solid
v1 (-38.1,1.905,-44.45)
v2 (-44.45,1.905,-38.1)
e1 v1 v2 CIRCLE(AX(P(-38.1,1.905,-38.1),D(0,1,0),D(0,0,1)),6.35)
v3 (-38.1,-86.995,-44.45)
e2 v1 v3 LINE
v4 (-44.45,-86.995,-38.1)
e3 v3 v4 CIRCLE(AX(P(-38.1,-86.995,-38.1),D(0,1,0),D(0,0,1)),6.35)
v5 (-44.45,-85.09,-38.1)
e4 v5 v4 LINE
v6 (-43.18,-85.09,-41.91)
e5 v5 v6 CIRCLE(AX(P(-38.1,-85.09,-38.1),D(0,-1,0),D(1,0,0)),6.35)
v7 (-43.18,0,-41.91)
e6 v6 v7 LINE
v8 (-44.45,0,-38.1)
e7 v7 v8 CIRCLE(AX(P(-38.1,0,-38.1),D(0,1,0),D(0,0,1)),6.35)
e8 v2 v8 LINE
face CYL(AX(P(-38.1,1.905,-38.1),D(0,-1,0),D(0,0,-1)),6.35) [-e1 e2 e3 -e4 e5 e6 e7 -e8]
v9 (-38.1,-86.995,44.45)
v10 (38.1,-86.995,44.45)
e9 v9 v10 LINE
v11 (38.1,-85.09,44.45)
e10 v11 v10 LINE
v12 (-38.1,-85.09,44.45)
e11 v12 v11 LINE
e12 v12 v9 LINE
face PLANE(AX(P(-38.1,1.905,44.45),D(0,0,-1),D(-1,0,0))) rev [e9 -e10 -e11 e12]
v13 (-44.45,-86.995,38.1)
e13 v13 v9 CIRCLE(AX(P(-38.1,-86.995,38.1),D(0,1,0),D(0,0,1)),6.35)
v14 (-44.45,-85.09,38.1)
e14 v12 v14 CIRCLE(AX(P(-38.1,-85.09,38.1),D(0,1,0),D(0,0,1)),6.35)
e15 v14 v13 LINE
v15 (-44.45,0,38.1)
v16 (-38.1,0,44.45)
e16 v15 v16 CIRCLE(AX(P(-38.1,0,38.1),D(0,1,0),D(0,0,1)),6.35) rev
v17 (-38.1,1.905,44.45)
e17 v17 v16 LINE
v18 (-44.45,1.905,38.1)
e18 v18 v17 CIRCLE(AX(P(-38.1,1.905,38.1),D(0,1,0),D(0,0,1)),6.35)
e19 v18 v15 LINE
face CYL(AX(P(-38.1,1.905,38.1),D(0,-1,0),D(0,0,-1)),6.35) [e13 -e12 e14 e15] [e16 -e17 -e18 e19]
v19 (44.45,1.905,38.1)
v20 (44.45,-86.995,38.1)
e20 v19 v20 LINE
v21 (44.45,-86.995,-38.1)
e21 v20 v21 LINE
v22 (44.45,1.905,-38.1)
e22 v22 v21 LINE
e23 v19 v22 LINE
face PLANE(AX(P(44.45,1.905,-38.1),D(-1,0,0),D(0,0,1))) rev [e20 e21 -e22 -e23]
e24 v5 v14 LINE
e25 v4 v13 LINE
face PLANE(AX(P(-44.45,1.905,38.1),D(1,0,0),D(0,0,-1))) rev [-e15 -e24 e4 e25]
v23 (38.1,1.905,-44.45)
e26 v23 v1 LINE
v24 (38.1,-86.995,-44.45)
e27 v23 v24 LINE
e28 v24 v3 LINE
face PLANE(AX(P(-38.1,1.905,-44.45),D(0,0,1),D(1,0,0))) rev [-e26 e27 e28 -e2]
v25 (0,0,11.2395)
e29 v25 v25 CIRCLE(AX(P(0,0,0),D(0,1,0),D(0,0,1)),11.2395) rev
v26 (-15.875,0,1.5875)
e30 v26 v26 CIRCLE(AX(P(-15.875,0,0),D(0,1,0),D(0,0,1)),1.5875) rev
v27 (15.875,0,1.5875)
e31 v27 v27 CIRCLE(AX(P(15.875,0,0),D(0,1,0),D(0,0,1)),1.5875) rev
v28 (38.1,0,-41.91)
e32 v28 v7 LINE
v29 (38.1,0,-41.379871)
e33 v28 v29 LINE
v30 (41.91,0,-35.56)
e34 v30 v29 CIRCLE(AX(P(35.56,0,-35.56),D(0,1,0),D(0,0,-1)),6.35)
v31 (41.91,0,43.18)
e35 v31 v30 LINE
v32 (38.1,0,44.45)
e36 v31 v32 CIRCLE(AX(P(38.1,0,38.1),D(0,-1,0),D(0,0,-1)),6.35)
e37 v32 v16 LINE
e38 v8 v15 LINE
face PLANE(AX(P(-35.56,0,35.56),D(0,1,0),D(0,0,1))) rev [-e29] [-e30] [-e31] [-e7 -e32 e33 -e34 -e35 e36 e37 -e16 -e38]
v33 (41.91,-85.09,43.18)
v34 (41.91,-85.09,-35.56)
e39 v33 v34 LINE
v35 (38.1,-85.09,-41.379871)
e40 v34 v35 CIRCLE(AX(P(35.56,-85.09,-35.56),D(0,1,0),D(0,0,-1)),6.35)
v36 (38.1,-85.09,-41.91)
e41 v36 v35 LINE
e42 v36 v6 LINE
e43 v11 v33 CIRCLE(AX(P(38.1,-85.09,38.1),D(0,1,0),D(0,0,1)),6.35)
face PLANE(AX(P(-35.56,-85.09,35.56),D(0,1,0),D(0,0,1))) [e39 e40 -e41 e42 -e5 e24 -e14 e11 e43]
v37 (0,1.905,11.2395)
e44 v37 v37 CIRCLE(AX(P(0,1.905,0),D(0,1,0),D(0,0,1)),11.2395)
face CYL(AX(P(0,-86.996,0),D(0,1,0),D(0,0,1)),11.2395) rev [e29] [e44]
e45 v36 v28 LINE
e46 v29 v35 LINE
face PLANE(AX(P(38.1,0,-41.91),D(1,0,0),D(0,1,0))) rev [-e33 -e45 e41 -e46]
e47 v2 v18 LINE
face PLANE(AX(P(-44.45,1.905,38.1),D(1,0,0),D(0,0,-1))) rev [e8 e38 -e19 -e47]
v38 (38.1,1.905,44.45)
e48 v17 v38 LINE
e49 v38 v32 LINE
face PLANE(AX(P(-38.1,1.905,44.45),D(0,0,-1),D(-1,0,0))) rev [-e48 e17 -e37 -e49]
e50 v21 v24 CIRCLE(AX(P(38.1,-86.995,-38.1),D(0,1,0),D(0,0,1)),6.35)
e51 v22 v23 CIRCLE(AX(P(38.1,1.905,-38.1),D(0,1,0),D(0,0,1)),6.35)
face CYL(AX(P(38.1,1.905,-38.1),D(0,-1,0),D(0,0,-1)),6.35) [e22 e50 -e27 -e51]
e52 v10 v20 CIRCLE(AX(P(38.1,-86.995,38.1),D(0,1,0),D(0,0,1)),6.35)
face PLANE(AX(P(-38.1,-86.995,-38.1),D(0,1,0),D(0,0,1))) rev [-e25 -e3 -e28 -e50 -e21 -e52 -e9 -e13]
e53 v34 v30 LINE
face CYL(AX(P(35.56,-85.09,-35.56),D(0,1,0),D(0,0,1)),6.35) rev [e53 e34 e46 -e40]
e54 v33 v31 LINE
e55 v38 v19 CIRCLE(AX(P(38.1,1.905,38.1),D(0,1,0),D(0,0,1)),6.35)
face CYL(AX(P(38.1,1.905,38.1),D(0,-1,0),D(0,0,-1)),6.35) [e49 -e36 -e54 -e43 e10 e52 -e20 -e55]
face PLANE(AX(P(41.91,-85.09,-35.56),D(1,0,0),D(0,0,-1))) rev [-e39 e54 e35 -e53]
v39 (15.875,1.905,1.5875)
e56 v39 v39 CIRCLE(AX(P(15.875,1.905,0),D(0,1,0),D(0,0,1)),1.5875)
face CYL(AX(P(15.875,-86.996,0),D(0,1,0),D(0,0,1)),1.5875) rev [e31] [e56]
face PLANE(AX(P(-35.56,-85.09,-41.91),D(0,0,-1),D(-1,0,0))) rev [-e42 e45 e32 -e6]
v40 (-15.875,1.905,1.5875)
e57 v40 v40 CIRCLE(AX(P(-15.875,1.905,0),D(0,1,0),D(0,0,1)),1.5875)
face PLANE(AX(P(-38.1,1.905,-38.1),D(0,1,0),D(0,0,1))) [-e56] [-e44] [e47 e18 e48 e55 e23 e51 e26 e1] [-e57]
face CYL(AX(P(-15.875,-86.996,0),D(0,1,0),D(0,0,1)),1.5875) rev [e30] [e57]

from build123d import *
from build123d.topology import SkipClean

# Parameters (mm, degrees)
BOSS_EXTRUDE3_DEPTH = 1.905
BOSS_EXTRUDE4_START = -86.995
BOSS_EXTRUDE4_DEPTH = 86.995
CUT_EXTRUDE2_DEPTH  = 85.09
SKETCH16_W          = 82.55
SKETCH16_H          = 85.09
CUT_EXTRUDE3_DEPTH  = 86.36
SKETCH18_W          = 80.01
SKETCH18_H          = 85.09
CUT_EXTRUDE4_DEPTH  = 86.36
SKETCH19_R          = 6.35
BOSS_EXTRUDE5_DEPTH = 86.36
CUT_EXTRUDE5_REACH  = 110.88
SKETCH20_R          = 11.2395
SKETCH20_R_2        = 1.5875


with BuildPart() as part:
    # Sketch7 → Boss-Extrude3 (new body)
    with BuildSketch(Plane(origin=(0, 0, 0), x_dir=(1, 0, 0), z_dir=(0, 1, 0))):
        with BuildLine():
            Line((-38.1, 44.45), (38.1, 44.45))
            ThreePointArc((38.1, 44.45), (42.590128061, 42.590128061), (44.45, 38.1))
            Line((44.45, 38.1), (44.45, -38.1))
            ThreePointArc((44.45, -38.1), (42.590128061, -42.590128061), (38.1, -44.45))
            Line((38.1, -44.45), (-38.1, -44.45))
            ThreePointArc((-38.1, -44.45), (-42.590128061, -42.590128061), (-44.45, -38.1))
            Line((-44.45, -38.1), (-44.45, 38.1))
            ThreePointArc((-44.45, 38.1), (-42.590128061, 42.590128061), (-38.1, 44.45))
        make_face()
    extrude(amount=BOSS_EXTRUDE3_DEPTH)

    # Sketch7<2> → Boss-Extrude4 (add)
    with BuildSketch(Plane(origin=(0, 0, 0), x_dir=(1, 0, 0), z_dir=(0, 1, 0)).offset(BOSS_EXTRUDE4_START)):
        with BuildLine():
            Line((-38.1, 44.45), (38.1, 44.45))
            ThreePointArc((38.1, 44.45), (42.590128061, 42.590128061), (44.45, 38.1))
            Line((44.45, 38.1), (44.45, -38.1))
            ThreePointArc((44.45, -38.1), (42.590128061, -42.590128061), (38.1, -44.45))
            Line((38.1, -44.45), (-38.1, -44.45))
            ThreePointArc((-38.1, -44.45), (-42.590128061, -42.590128061), (-44.45, -38.1))
            Line((-44.45, -38.1), (-44.45, 38.1))
            ThreePointArc((-44.45, 38.1), (-42.590128061, 42.590128061), (-38.1, 44.45))
        make_face()
    extrude(amount=BOSS_EXTRUDE4_DEPTH)

    # Sketch15 → Cut-Extrude2 (cut)
    with BuildSketch(Plane(origin=(0, 0, 0), x_dir=(1, 0, 0), z_dir=(0, 1, 0))):
        with BuildLine():
            Line((-35.56, 41.91), (35.56, 41.91))
            ThreePointArc((35.56, 41.91), (40.050128061, 40.050128061), (41.91, 35.56))
            Line((41.91, 35.56), (41.91, -35.56))
            ThreePointArc((41.91, -35.56), (40.050128061, -40.050128061), (35.56, -41.91))
            Line((35.56, -41.91), (-35.56, -41.91))
            ThreePointArc((-35.56, -41.91), (-40.050128061, -40.050128061), (-41.91, -35.56))
            Line((-41.91, -35.56), (-41.91, 35.56))
            ThreePointArc((-41.91, 35.56), (-40.050128061, 40.050128061), (-35.56, 41.91))
        make_face()
    extrude(amount=-CUT_EXTRUDE2_DEPTH, mode=Mode.SUBTRACT)

    # Sketch16 → Cut-Extrude3 (cut)
    with BuildSketch(Plane.XY.offset(44.45)):
        with Locations((-3.175, -42.545)):
            Rectangle(SKETCH16_W, SKETCH16_H)
    extrude(amount=-CUT_EXTRUDE3_DEPTH, mode=Mode.SUBTRACT)

    # Sketch18 → Cut-Extrude4 (cut)
    with BuildSketch(Plane.ZY.offset(-41.91)):
        with Locations((4.445, -42.545)):
            Rectangle(SKETCH18_W, SKETCH18_H)
    extrude(amount=CUT_EXTRUDE4_DEPTH, mode=Mode.SUBTRACT)

    # Sketch19 → Boss-Extrude5 (add)
    with SkipClean():  # the faces are left unmerged after this step: merging them gives an invalid solid
        with BuildSketch(Plane(origin=(0, -85.09, 0), x_dir=(1, 0, 0), z_dir=(0, 1, 0))):
            with Locations((-38.1, -38.1)):
                Circle(SKETCH19_R)
        extrude(amount=BOSS_EXTRUDE5_DEPTH)

    # Sketch20 → Cut-Extrude5 (cut, up to next)
    with BuildSketch(Plane(origin=(0, 1.905, 0), x_dir=(1, 0, 0), z_dir=(0, 1, 0)), mode=Mode.PRIVATE) as cut_extrude5_sk1:
        Circle(SKETCH20_R)
    cut_extrude5_tool1 = extrude(cut_extrude5_sk1.sketch, amount=-CUT_EXTRUDE5_REACH, mode=Mode.PRIVATE) & part.part
    # Sketch20 → Cut-Extrude5 (cut, up to next)
    with BuildSketch(Plane(origin=(0, 1.905, 0), x_dir=(1, 0, 0), z_dir=(0, 1, 0)), mode=Mode.PRIVATE) as cut_extrude5_sk2:
        with Locations((-15.875, 0)):
            Circle(SKETCH20_R_2)
    cut_extrude5_tool2 = extrude(cut_extrude5_sk2.sketch, amount=-CUT_EXTRUDE5_REACH, mode=Mode.PRIVATE) & part.part
    # Sketch20 → Cut-Extrude5 (cut, up to next)
    with BuildSketch(Plane(origin=(0, 1.905, 0), x_dir=(1, 0, 0), z_dir=(0, 1, 0)), mode=Mode.PRIVATE) as cut_extrude5_sk3:
        with Locations((15.875, 0)):
            Circle(SKETCH20_R_2)
    cut_extrude5_tool3 = extrude(cut_extrude5_sk3.sketch, amount=-CUT_EXTRUDE5_REACH, mode=Mode.PRIVATE) & part.part
    add(cut_extrude5_tool1.solids().sort_by_distance((0, 1.905, 0))[0], mode=Mode.SUBTRACT)
    add(cut_extrude5_tool2.solids().sort_by_distance((-15.875, 1.905, 0))[0], mode=Mode.SUBTRACT)
    add(cut_extrude5_tool3.solids().sort_by_distance((15.875, 1.905, 0))[0], mode=Mode.SUBTRACT)


solid = part.part
